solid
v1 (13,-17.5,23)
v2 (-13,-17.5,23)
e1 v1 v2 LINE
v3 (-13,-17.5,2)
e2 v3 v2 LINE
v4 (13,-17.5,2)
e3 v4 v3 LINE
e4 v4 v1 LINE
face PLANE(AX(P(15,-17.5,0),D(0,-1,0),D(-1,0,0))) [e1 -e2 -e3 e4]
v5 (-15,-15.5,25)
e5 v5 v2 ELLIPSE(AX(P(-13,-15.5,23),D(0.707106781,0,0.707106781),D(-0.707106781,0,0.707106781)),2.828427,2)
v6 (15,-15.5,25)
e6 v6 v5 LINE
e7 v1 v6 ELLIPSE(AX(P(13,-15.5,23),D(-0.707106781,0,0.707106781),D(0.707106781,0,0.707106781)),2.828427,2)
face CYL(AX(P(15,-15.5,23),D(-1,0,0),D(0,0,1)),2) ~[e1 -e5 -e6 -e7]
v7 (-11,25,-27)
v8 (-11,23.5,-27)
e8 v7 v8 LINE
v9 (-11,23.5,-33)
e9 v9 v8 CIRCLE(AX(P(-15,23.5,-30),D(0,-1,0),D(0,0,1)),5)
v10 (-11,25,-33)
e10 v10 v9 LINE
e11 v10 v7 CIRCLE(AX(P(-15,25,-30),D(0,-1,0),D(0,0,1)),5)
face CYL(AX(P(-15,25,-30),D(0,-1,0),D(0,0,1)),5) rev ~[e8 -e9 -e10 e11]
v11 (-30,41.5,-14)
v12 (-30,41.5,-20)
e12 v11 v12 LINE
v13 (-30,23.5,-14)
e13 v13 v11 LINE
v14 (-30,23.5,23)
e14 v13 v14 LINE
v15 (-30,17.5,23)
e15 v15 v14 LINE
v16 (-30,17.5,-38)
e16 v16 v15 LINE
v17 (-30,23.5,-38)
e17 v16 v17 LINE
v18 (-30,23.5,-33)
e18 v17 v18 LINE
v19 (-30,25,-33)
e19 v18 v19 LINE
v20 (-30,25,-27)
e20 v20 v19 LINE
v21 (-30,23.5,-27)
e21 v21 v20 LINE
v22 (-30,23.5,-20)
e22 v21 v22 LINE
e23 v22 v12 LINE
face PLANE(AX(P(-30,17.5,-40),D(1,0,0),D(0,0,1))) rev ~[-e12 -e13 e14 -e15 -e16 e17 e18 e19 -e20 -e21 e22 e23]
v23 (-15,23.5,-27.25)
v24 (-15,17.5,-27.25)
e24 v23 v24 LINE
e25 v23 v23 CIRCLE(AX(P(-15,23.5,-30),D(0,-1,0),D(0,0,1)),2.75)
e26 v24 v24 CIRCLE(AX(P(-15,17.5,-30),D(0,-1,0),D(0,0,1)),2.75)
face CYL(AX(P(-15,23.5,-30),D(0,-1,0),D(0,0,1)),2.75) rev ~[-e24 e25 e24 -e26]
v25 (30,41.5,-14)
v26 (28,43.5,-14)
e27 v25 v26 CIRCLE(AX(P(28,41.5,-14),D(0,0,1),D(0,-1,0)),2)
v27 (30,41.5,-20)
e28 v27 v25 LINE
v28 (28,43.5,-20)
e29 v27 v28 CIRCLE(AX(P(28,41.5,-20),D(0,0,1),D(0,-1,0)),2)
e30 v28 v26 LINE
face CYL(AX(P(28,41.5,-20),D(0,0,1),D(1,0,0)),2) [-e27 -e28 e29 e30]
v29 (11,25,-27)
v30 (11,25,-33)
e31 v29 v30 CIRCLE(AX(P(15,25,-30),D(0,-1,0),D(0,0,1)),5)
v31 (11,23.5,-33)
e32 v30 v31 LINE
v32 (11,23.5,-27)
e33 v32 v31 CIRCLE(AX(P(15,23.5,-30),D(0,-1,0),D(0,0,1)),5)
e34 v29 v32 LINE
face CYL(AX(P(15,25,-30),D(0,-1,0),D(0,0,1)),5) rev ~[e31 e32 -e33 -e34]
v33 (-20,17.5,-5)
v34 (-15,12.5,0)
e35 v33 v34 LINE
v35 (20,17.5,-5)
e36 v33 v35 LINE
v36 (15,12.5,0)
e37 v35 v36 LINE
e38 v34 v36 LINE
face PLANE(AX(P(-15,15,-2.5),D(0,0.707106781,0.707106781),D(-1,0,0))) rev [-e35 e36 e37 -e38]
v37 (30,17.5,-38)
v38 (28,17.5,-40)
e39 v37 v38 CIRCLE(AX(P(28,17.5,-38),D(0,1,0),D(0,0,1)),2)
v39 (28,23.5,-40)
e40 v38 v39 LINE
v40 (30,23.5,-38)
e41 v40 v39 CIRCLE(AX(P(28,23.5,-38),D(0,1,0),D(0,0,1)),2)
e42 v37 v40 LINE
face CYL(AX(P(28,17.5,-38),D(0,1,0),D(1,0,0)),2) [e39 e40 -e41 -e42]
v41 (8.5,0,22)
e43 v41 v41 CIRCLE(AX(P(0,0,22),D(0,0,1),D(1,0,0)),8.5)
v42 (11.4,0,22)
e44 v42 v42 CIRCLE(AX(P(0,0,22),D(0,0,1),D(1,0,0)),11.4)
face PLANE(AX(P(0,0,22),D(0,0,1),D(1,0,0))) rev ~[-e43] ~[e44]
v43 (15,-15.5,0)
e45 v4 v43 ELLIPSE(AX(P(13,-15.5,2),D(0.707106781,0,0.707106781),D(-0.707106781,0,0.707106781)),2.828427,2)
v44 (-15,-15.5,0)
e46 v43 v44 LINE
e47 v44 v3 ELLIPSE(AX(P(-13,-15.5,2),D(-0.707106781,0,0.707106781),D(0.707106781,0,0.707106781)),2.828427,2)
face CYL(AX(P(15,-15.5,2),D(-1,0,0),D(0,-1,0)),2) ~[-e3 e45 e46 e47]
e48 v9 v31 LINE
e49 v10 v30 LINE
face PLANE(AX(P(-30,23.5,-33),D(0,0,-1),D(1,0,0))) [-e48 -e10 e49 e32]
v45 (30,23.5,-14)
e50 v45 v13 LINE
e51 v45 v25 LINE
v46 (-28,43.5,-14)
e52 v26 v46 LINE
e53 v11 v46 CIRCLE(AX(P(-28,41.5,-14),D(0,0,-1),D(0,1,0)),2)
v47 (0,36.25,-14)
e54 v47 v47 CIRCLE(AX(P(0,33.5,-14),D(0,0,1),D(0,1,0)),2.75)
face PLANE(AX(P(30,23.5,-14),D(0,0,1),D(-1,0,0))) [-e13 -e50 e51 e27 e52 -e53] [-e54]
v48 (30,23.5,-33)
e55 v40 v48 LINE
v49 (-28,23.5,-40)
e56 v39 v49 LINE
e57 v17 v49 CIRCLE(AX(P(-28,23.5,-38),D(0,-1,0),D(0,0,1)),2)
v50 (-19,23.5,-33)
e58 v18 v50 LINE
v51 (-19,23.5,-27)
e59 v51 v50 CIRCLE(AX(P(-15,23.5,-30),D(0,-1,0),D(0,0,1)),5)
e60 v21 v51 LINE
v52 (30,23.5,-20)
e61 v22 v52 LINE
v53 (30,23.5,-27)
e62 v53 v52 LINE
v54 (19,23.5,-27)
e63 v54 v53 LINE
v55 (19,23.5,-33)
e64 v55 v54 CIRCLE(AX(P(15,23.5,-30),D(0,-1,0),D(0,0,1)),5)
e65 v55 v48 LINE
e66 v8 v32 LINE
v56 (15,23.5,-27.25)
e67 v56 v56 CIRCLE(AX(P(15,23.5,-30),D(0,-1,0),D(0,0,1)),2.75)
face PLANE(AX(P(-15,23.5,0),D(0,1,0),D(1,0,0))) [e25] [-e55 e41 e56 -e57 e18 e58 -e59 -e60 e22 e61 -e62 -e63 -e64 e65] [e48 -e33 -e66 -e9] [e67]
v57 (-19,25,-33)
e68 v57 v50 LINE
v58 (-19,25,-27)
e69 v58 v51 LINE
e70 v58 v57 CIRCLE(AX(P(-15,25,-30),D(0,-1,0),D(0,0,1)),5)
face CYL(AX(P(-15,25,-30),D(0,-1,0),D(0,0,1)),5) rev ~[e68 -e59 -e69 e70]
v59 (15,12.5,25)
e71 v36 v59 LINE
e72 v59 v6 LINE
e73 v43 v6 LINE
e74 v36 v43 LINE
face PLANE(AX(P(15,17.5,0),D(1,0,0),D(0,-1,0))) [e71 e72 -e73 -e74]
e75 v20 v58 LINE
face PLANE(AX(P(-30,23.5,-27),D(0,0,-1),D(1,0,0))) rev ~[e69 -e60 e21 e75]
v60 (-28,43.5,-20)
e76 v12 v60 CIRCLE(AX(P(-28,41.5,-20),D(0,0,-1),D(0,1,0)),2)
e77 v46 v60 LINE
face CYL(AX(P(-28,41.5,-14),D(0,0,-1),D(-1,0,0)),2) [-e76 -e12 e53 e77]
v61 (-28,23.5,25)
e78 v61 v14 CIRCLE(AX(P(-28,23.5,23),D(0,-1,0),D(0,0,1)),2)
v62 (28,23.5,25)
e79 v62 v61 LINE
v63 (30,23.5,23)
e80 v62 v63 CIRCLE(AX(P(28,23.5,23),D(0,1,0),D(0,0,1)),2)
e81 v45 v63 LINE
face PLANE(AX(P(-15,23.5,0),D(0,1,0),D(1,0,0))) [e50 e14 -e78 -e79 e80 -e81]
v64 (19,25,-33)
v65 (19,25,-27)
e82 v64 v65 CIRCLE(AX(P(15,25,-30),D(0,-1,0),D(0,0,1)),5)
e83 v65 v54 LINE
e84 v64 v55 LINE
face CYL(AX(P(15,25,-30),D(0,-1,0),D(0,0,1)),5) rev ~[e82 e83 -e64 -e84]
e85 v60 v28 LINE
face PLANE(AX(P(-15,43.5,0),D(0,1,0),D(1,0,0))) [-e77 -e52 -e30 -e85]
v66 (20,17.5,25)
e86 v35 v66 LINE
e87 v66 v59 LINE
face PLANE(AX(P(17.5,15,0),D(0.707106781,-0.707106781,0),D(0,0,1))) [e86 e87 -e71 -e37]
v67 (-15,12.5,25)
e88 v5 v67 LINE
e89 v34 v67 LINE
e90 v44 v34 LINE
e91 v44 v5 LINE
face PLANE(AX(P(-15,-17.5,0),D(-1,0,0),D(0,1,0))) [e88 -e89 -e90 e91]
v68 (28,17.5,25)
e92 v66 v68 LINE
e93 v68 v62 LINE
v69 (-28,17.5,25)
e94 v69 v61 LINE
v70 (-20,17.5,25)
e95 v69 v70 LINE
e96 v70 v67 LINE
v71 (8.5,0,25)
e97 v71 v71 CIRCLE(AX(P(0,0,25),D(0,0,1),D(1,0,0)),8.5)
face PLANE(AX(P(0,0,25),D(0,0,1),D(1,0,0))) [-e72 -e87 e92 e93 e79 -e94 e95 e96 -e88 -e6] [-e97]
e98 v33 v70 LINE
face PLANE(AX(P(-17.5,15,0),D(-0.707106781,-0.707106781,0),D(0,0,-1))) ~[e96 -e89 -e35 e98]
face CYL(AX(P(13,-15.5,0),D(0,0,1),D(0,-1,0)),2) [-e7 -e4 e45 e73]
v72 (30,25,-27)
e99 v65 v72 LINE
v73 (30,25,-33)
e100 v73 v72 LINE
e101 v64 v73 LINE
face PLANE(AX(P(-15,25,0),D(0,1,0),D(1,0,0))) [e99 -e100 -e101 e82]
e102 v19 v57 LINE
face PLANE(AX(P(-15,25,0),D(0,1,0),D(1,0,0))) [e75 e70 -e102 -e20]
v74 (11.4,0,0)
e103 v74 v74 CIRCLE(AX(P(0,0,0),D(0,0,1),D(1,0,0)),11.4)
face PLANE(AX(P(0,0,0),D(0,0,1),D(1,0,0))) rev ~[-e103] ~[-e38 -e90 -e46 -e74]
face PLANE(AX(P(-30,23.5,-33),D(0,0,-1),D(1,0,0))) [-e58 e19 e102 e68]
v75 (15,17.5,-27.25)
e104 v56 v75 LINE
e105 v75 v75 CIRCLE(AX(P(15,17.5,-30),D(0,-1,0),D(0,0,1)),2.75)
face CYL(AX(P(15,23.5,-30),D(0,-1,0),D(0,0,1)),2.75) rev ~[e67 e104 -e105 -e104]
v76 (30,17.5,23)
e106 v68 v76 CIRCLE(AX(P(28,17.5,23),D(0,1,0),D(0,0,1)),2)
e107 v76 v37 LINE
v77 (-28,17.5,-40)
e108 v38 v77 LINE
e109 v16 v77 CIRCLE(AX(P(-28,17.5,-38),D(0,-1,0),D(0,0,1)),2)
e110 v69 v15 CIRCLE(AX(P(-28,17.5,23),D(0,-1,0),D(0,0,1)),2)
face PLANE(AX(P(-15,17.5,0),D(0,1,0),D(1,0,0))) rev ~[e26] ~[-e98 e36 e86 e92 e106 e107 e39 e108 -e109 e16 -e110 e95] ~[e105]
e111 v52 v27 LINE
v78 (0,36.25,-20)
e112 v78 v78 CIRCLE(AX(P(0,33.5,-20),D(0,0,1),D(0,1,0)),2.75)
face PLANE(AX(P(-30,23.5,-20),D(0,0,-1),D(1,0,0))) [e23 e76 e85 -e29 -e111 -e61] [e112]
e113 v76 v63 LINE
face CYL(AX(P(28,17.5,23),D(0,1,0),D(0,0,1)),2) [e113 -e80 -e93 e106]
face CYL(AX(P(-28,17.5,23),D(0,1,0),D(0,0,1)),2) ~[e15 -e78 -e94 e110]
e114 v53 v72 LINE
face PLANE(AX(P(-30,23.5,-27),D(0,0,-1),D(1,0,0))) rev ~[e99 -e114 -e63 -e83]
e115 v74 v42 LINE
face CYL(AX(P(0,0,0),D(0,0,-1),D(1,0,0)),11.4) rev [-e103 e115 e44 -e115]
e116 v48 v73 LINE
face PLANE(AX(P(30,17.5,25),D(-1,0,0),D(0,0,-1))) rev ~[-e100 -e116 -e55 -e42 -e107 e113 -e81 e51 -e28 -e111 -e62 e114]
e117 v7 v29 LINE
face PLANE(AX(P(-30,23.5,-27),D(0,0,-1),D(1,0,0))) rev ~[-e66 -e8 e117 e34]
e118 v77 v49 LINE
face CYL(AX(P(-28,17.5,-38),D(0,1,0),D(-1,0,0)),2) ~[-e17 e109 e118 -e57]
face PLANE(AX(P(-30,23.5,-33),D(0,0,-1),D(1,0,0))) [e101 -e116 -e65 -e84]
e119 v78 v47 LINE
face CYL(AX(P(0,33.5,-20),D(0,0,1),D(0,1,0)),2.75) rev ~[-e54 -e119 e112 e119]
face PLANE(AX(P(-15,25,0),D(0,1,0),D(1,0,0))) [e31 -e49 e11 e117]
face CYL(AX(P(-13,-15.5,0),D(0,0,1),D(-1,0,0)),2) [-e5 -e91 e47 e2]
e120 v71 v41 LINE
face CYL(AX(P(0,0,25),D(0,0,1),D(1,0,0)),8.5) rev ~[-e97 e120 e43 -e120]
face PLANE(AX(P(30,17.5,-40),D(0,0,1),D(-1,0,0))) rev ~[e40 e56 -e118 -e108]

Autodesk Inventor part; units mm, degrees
ref_plane "YZ Plane" through (0, 0, 0) normal (1, 0, 0) x (0, 1, 0)
ref_plane "XZ Plane" through (0, 0, 0) normal (0, 1, 0) x (-1, 0, 0)
ref_plane "XY Plane" through (0, 0, 0) normal (0, 0, 1) x (1, 0, 0)
sketch "Sketch1" plane through (0, 0, 0) normal (0, 0, 1) x (1, 0, 0)
  circle A0 centre (0, 0) radius 11.4
  line L0 (-15, 17.5) -> (15, 17.5)
  line L1 (15, 17.5) -> (15, -17.5)
  line L2 (15, -17.5) -> (-15, -17.5)
  line L3 (-15, -17.5) -> (-15, 17.5)
  line L4 (-15, 17.5) -> (15, -17.5) construction
  line L5 (15, 17.5) -> (-15, -17.5) construction
  dimension "d0" = 22.8
  dimension "d1" = 30
  dimension "d2" = 35
extrude "Extrusion1" add sketch "Sketch1" along normal blind 25
sketch "Sketch3" plane through (-15, 17.5, 0) normal (0, 1, 0) x (1, 0, 0)
  line L0 (30, 0) -> (0, 0) projected
  line L1 (0, 0) -> (30, -25)
  line L2 (45, 40) -> (-15, 40)
  line L3 (-15, 40) -> (-15, -25)
  line L4 (-15, -25) -> (45, -25)
  line L5 (45, -25) -> (45, 40)
  line L6 (0, 0) -> (30, 0) projected
  line L7 (30, 0) -> (45, 0)
  line L8 (30, -25) -> (0, -25) projected
  point P0 (15, 0)
  point P1 (15, -12.5)
  dimension "d8" = 60
  dimension "d9" = 65
  dimension "d27" = 0
extrude "Extrusion3" add sketch "Sketch3" along normal blind 6
sketch "Sketch4" plane through (-15, 23.5, 0) normal (0, 1, 0) x (1, 0, 0)
  line L0 (-15, 33) -> (45, 33)
  line L1 (-15, 27) -> (45, 27)
  line L2 (45, 33) -> (45, 27)
  line L3 (-15, 27) -> (-15, 33)
  line L4 (45, 40) -> (-15, 40) projected
  dimension "d20" = 7
  dimension "d21" = 13
sketch "Sketch5" plane through (0, 0, 25) normal (0, 0, 1) x (1, 0, 0)
  circle A0 centre (0, 0) radius 11.4
  circle A1 centre (0, 0) radius 8.5
  dimension "d24" = 17
extrude "Extrusion5" add sketch "Sketch5" against normal blind 3
chamfer "Chamfer1" distance 5 angle 45 3 edges at (15, 17.5, 12.5) (-15, 17.5, 12.5) (0, 17.5, 0)
extrude "Extrusion6" add sketch "Sketch4" along normal blind 1.5
sketch "Sketch8" plane through (-15, 23.5, 0) normal (0, 1, 0) x (1, 0, 0)
  line L0 (45, 40) -> (-15, 40) projected
  line L1 (-15, 20) -> (45, 20)
  line L2 (45, 20) -> (45, 14)
  line L3 (45, 14) -> (-15, 14)
  line L4 (-15, 14) -> (-15, 20)
  point P0 (43, 40)
  point P1 (-13, 40)
  point P2 (15, 11.0426)
  dimension "d47" = 6
  dimension "d50" = 20
extrude "Extrusion7" add sketch "Sketch8" along normal blind 20
sketch "Sketch10" plane through (-15, 25, 0) normal (0, 1, 0) x (1, 0, 0)
  line L0 (45, 33) -> (-15, 33) projected
  line L1 (15, 33) -> (15, 27)
  line L2 (45, 27) -> (-15, 27) projected
  line L3 (0, 33) -> (0, 27)
  line L4 (30, 33) -> (30, 27)
  point P0 (15, 0)
  point P1 (0, 30)
  point P2 (30, 30)
  dimension "d51" = 15
  dimension "d52" = 15
hole "Hole2" at (-15, 25, -30) at (15, 25, -30) direction (0, -1, 0) diameter 5.5 end through all counterbore diameter 10 counterbore depth 1.5
sketch "Sketch11" plane through (30, 23.5, -20) normal (0, 0, -1) x (-1, 0, 0)
  line L0 (60, 0) -> (60, 20) projected
  line L1 (60, 10) -> (0, 10)
  line L2 (0, 0) -> (0, 20) projected
  line L3 (60, 20) -> (0, 20) projected
  line L4 (30, 20) -> (30, 10)
  point P0 (30, -23.5)
hole "Hole3" at (0, 33.5, -20) direction (0, 0, 1) diameter 5.5 end through all
fillet "Fillet2" radius 2 10 edges at (-30, 20.5, -40) (30, 20.5, -40) (-30, 20.5, 25) (30, 20.5, 25) (30, 43.5, -17) (-30, 43.5, -17) (-15, -17.5, 12.5) (15, -17.5, 12.5) (0, -17.5, 25) (0, -17.5, 0)
properties part number "Estrutura - Suporte Rolamento Z Motor"
